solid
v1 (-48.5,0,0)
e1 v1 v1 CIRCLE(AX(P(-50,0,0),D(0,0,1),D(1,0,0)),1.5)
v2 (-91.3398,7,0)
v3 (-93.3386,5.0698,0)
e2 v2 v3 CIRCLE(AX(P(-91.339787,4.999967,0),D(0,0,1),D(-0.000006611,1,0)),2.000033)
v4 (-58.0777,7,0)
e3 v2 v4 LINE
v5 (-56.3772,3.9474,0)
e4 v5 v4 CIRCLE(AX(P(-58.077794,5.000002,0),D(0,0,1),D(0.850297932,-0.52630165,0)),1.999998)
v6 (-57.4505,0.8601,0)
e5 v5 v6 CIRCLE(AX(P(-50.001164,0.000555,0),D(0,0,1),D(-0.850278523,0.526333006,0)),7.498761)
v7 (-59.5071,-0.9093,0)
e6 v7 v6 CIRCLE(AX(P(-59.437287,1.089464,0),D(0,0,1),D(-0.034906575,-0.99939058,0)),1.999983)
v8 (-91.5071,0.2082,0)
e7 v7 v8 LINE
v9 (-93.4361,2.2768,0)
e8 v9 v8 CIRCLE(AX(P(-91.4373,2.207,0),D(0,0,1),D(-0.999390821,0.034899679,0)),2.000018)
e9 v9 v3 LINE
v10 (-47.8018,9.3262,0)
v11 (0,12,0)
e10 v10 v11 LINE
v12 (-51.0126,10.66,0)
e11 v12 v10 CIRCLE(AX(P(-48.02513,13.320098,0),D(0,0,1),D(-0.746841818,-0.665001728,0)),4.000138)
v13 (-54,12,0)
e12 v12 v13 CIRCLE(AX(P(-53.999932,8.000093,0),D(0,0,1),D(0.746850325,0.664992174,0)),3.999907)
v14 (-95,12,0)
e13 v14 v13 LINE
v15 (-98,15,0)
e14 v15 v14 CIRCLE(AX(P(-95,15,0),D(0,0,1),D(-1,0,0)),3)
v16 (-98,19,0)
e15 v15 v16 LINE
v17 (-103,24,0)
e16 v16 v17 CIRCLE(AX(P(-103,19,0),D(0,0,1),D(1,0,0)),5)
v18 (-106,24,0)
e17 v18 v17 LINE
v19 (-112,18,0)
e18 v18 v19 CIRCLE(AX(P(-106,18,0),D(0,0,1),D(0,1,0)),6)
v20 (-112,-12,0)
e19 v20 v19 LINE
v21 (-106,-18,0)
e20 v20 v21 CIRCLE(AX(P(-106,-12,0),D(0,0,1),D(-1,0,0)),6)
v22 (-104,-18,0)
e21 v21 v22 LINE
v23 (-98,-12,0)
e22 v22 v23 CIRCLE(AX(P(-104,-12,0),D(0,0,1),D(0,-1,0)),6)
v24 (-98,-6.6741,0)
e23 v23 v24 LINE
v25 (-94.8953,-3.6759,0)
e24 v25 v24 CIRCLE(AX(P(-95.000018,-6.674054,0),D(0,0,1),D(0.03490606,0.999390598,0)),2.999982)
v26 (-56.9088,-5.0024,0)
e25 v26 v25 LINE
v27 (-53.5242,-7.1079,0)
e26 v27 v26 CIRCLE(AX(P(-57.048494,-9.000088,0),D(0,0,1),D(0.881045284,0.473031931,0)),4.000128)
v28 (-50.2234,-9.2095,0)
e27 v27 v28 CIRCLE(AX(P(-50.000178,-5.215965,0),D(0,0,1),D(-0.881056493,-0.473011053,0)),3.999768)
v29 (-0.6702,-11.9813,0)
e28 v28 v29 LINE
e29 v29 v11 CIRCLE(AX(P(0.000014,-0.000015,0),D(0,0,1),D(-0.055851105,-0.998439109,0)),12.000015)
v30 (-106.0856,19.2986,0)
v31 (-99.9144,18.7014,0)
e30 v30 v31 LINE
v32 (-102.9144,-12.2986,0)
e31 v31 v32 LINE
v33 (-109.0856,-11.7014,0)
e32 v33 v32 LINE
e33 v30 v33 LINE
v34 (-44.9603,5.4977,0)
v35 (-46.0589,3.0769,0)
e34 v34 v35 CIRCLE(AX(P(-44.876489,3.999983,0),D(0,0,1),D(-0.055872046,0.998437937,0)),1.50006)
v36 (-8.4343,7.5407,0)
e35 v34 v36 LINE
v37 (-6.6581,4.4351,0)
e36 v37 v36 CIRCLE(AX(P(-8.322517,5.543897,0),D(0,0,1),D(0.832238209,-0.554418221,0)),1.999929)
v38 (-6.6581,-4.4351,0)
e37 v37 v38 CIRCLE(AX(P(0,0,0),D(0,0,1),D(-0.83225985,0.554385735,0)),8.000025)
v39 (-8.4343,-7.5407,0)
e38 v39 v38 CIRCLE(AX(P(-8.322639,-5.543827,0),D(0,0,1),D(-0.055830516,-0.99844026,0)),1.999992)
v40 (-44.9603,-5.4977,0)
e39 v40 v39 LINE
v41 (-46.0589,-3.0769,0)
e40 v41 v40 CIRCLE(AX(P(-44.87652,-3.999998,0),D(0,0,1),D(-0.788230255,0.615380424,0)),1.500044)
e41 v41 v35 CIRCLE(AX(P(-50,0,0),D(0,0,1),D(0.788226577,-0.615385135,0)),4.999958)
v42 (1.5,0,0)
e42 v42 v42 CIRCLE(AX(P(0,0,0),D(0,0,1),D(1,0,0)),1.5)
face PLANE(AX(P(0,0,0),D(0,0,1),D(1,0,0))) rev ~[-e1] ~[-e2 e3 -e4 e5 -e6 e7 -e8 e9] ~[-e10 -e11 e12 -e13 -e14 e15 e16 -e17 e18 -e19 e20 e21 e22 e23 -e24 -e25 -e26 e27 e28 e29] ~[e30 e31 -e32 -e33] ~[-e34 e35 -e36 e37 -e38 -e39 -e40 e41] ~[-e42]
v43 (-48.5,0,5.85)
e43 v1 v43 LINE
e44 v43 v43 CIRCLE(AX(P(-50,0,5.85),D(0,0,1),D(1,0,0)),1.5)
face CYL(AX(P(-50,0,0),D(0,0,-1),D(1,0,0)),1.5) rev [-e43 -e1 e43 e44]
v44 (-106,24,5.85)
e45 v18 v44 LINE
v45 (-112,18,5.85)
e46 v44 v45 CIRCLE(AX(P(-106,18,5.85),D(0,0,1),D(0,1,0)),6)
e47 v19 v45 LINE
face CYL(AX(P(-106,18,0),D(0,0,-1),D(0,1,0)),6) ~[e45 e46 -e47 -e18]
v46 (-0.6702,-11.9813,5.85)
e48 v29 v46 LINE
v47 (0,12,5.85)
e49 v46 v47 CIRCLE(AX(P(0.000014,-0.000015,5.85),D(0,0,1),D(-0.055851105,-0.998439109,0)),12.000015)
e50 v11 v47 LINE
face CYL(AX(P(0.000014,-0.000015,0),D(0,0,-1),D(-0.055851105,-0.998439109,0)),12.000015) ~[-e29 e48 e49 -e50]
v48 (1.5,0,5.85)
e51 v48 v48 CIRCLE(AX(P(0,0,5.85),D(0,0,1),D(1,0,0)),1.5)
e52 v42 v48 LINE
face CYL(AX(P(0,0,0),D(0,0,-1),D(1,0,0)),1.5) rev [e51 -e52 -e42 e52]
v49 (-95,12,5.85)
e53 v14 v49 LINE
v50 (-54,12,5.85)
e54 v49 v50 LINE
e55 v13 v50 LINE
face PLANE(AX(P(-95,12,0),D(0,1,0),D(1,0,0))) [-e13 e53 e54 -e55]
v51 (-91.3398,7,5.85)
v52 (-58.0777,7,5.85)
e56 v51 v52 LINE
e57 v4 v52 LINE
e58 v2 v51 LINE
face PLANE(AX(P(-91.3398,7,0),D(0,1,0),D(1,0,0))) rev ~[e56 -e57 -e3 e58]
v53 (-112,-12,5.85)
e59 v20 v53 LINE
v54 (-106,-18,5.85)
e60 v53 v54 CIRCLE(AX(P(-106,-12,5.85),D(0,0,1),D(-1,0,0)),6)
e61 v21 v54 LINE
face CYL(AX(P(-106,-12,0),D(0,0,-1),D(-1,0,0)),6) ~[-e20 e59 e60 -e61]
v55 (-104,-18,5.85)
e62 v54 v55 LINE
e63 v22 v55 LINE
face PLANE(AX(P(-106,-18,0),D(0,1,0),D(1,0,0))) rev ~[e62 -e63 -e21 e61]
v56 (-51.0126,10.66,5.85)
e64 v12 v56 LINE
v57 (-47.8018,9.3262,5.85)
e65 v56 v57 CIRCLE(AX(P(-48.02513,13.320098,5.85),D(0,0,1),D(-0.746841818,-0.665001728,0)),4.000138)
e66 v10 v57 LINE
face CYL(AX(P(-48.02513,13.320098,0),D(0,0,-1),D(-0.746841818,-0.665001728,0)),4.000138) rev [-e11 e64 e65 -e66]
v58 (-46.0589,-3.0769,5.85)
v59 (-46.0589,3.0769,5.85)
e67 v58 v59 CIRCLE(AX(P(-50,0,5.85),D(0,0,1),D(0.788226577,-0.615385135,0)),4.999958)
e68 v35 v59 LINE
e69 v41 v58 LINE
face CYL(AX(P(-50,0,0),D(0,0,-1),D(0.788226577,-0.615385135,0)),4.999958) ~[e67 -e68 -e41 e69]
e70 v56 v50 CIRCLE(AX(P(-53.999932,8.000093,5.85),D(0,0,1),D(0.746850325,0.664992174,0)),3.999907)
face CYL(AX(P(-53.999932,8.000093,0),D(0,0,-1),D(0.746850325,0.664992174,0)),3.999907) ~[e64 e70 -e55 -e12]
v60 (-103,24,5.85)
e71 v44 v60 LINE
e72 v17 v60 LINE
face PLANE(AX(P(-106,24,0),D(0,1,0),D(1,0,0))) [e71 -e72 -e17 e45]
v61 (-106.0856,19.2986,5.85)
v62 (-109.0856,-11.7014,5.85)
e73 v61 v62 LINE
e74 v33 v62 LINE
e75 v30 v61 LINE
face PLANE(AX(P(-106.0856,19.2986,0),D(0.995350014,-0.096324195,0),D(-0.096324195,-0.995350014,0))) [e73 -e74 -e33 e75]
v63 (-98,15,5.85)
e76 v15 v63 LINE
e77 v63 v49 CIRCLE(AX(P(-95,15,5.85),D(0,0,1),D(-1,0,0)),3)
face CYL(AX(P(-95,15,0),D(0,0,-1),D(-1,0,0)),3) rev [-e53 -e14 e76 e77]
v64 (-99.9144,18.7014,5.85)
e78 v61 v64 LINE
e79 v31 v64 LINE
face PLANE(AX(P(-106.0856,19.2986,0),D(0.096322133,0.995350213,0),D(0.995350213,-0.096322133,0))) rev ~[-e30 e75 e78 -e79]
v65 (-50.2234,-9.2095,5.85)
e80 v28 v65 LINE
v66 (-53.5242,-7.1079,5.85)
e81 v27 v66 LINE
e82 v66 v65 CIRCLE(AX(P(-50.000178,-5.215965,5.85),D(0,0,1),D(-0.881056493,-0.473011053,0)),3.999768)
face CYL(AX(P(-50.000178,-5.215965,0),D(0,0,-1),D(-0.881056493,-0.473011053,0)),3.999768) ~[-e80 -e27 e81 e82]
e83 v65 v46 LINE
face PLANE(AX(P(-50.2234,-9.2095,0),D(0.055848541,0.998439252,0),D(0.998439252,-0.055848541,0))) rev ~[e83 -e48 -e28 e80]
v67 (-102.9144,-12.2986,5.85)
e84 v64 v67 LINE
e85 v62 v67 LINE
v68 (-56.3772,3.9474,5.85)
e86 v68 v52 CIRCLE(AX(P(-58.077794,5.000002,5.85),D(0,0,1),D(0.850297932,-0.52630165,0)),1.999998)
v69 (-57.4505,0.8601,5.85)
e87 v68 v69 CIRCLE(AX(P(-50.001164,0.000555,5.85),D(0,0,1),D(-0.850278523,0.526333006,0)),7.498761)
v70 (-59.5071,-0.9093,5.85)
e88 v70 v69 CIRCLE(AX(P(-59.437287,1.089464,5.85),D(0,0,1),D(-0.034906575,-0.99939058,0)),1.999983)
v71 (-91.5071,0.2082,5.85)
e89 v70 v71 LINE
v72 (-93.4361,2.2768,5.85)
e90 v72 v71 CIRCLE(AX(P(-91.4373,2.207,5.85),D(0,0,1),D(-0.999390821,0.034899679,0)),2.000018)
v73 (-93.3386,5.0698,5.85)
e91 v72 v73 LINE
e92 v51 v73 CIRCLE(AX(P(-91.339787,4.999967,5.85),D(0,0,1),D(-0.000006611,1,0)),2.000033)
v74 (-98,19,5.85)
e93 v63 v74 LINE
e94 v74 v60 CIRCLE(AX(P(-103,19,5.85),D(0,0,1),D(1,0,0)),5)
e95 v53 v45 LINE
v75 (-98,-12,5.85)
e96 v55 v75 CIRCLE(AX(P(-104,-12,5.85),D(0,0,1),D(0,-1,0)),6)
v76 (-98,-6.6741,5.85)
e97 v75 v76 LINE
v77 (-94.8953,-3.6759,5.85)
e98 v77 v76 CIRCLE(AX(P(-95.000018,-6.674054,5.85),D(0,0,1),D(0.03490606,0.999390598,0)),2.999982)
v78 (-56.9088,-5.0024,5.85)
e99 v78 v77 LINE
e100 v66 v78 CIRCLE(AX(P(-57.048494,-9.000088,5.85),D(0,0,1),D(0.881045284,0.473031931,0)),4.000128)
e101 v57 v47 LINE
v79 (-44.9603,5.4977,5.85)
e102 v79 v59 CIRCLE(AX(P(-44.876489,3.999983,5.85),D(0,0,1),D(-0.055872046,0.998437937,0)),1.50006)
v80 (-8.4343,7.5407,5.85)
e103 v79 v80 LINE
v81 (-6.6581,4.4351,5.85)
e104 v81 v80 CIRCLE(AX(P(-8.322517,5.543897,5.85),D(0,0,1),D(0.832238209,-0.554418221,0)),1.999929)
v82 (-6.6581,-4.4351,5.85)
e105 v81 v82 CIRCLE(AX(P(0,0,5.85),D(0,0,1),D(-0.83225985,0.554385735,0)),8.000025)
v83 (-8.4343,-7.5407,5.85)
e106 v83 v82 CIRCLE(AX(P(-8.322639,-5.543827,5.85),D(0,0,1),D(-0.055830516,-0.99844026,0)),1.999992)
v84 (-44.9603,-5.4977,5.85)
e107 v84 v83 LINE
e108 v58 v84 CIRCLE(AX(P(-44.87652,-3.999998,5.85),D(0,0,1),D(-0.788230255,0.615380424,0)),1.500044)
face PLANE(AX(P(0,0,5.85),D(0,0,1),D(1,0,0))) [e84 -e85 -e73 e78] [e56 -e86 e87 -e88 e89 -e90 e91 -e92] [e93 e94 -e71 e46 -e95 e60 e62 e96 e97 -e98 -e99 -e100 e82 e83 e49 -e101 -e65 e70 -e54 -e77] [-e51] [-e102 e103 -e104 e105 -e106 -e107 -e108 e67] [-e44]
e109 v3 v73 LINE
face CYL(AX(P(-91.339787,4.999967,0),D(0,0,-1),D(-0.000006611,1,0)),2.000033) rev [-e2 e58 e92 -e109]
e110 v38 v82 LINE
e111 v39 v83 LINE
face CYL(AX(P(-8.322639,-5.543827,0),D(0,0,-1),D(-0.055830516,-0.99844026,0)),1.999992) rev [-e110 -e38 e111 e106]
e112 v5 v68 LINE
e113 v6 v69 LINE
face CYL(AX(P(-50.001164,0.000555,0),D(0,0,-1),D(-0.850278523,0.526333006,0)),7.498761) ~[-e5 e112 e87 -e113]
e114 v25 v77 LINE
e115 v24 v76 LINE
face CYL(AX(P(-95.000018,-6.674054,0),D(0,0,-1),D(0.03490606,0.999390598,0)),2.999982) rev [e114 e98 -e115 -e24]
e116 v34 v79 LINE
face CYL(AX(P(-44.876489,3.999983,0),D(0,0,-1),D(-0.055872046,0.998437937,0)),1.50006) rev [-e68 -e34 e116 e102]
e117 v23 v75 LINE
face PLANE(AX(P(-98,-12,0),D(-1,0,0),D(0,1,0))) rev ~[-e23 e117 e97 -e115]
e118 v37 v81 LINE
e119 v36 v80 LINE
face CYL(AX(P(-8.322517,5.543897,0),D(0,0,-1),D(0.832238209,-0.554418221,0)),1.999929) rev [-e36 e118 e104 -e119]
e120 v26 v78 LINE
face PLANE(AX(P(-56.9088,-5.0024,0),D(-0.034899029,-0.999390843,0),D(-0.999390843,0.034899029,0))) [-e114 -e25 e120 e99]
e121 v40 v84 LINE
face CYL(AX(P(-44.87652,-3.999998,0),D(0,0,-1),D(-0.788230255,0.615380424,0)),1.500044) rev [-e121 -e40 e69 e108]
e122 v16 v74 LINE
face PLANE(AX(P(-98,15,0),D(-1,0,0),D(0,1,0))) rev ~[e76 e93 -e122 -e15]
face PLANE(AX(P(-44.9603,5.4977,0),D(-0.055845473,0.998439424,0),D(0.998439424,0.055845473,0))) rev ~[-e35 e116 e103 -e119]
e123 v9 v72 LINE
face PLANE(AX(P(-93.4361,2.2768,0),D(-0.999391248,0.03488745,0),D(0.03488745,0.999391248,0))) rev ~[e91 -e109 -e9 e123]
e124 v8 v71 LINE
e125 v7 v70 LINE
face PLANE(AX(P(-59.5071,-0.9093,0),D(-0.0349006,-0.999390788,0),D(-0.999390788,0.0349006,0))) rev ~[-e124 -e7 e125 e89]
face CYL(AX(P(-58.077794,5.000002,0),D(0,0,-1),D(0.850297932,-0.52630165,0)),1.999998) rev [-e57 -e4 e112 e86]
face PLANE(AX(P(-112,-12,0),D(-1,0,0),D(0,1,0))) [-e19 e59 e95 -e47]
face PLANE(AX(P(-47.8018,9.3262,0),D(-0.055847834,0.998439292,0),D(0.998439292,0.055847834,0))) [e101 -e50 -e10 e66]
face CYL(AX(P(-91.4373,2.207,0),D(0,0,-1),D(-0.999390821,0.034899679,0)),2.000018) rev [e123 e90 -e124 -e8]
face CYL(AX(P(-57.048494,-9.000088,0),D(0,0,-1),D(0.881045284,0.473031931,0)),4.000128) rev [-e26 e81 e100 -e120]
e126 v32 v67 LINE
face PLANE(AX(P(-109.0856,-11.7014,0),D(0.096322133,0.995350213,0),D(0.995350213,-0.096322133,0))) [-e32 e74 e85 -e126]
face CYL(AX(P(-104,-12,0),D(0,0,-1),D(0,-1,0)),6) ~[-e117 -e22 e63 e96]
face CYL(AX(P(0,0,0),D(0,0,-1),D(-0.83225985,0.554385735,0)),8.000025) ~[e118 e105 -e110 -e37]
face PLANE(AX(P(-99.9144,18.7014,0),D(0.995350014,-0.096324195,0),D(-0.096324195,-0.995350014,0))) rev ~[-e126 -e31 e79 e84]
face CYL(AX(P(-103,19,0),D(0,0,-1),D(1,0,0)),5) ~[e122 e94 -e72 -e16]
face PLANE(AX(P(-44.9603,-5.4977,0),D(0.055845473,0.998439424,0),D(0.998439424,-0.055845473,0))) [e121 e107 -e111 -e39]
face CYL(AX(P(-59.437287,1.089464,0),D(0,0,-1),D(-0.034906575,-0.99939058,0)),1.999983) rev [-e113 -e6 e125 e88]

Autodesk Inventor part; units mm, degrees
ref_plane "YZ Plane" through (0, 0, 0) normal (1, 0, 0) x (0, 1, 0)
ref_plane "XZ Plane" through (0, 0, 0) normal (0, 1, 0) x (-1, 0, 0)
ref_plane "XY Plane" through (0, 0, 0) normal (0, 0, 1) x (1, 0, 0)
sketch "Sketch1" plane through (0, 0, 0) normal (0, 0, 1) x (1, 0, 0)
  circle A0 centre (0, 0) radius 1.5
  arc A1 (-0.6702, -11.9813) -> (0, 12) centre (0, 0) ccw
  circle A2 centre (-50, 0) radius 1.5
  arc A3 (-6.6581, 4.4351) -> (-6.6581, -4.4351) centre (0, 0) ccw
  line L0 (-44.9603, 5.4977) -> (-8.4343, 7.5407)
  line L1 (-44.9603, -5.4977) -> (-8.4343, -7.5407)
  arc A4 (-44.9603, 5.4977) -> (-46.0589, 3.0769) centre (-44.8765, 4) ccw
  arc A5 (-46.0589, -3.0769) -> (-44.9603, -5.4977) centre (-44.8765, -4) ccw
  arc A6 (-6.6581, 4.4351) -> (-8.4343, 7.5407) centre (-8.3226, 5.5439) ccw
  arc A7 (-8.4343, -7.5407) -> (-6.6581, -4.4351) centre (-8.3226, -5.5439) ccw
  line L2 (-104, 0) -> (-57, 0) construction
  line L3 (-106, -18) -> (-104, -18)
  line L4 (-98, -12) -> (-98, -6.6741)
  line L5 (-112, -12) -> (-112, 18)
  arc A8 (-94.8953, -3.6759) -> (-98, -6.6741) centre (-95, -6.6741) ccw
  arc A9 (-106, 24) -> (-112, 18) centre (-106, 18) ccw
  arc A10 (-112, -12) -> (-106, -18) centre (-106, -12) ccw
  arc A11 (-104, -18) -> (-98, -12) centre (-104, -12) ccw
  arc A12 (-46.0589, -3.0769) -> (-46.0589, 3.0769) centre (-50, 0) ccw
  line L6 (-103, 19) -> (-106, -12) construction
  line L7 (-106.0856, 19.2986) -> (-109.0856, -11.7014)
  line L8 (-109.0856, -11.7014) -> (-102.9144, -12.2986)
  line L9 (-106.0856, 19.2986) -> (-99.9144, 18.7014)
  line L10 (-99.9144, 18.7014) -> (-102.9144, -12.2986)
  line L11 (-106, 24) -> (-103, 24)
  arc A13 (-98, 15) -> (-95, 12) centre (-95, 15) ccw
  line L12 (-95, 12) -> (-54, 12)
  line L13 (-47.8018, 9.3262) -> (0, 12)
  line L14 (-50.2234, -9.2095) -> (-0.6702, -11.9813)
  line L15 (-56.9088, -5.0024) -> (-94.8953, -3.6759)
  arc A14 (-51.0126, 10.66) -> (-54, 12) centre (-54, 8) ccw
  arc A15 (-51.0126, 10.66) -> (-47.8018, 9.3262) centre (-48.0252, 13.32) ccw
  arc A16 (-53.5242, -7.1079) -> (-50.2234, -9.2095) centre (-50, -5.2158) ccw
  arc A17 (-53.5242, -7.1079) -> (-56.9088, -5.0024) centre (-57.0484, -9) ccw
  line L16 (-91.3398, 7) -> (-58.0777, 7)
  line L17 (-59.5071, -0.9093) -> (-91.5071, 0.2082)
  line L18 (-93.4361, 2.2768) -> (-93.3386, 5.0698)
  arc A18 (-56.3772, 3.9474) -> (-57.4505, 0.8601) centre (-50, 0) ccw
  arc A19 (-59.5071, -0.9093) -> (-57.4505, 0.8601) centre (-59.4373, 1.0895) ccw
  arc A20 (-56.3772, 3.9474) -> (-58.0777, 7) centre (-58.0777, 5) ccw
  arc A21 (-91.3398, 7) -> (-93.3386, 5.0698) centre (-91.3398, 5) ccw
  arc A22 (-93.4361, 2.2768) -> (-91.5071, 0.2082) centre (-91.4373, 2.207) ccw
  line L19 (-98, 15) -> (-98, 19)
  arc A23 (-98, 19) -> (-103, 24) centre (-103, 19) ccw
  point P0 (-0.4468, -7.9875)
  point P1 (-94.8178, 5.6675)
  point P2 (-94.8178, 5.6675)
  point P3 (-52.6926, 7)
  point P4 (-57.4355, -0.9816)
  dimension "d0" = 3
  dimension "d2" = 12
  dimension "d10" = 50
  dimension "d14" = 16
  dimension "d18" = 2
  dimension "d31" = 7
  dimension "d42" = 3
  dimension "d43" = 6
  dimension "d52" = 14
  dimension "d53" = 98
  dimension "d57" = 18
  dimension "d60" = 24
  dimension "d61" = 3.1
  dimension "d63" = 5
  dimension "d77" = 8
  dimension "d80" = 4
  dimension "d81" = 4
  dimension "d82" = 4
  dimension "d83" = 4
  dimension "d84" = 1.5
  dimension "d85" = 9
  dimension "d86" = 4
  dimension "d87" = 8
  dimension "d88" = 178
  dimension "d90" = 5
  dimension "d91" = 4
  dimension "d92" = 7.5
  dimension "d93" = 2
  dimension "d94" = 2
  dimension "d95" = 32
  dimension "d96" = 5
extrude "Extrusion1" add sketch "Sketch1" along normal blind 5.85
properties part number "tipper_link_C"
